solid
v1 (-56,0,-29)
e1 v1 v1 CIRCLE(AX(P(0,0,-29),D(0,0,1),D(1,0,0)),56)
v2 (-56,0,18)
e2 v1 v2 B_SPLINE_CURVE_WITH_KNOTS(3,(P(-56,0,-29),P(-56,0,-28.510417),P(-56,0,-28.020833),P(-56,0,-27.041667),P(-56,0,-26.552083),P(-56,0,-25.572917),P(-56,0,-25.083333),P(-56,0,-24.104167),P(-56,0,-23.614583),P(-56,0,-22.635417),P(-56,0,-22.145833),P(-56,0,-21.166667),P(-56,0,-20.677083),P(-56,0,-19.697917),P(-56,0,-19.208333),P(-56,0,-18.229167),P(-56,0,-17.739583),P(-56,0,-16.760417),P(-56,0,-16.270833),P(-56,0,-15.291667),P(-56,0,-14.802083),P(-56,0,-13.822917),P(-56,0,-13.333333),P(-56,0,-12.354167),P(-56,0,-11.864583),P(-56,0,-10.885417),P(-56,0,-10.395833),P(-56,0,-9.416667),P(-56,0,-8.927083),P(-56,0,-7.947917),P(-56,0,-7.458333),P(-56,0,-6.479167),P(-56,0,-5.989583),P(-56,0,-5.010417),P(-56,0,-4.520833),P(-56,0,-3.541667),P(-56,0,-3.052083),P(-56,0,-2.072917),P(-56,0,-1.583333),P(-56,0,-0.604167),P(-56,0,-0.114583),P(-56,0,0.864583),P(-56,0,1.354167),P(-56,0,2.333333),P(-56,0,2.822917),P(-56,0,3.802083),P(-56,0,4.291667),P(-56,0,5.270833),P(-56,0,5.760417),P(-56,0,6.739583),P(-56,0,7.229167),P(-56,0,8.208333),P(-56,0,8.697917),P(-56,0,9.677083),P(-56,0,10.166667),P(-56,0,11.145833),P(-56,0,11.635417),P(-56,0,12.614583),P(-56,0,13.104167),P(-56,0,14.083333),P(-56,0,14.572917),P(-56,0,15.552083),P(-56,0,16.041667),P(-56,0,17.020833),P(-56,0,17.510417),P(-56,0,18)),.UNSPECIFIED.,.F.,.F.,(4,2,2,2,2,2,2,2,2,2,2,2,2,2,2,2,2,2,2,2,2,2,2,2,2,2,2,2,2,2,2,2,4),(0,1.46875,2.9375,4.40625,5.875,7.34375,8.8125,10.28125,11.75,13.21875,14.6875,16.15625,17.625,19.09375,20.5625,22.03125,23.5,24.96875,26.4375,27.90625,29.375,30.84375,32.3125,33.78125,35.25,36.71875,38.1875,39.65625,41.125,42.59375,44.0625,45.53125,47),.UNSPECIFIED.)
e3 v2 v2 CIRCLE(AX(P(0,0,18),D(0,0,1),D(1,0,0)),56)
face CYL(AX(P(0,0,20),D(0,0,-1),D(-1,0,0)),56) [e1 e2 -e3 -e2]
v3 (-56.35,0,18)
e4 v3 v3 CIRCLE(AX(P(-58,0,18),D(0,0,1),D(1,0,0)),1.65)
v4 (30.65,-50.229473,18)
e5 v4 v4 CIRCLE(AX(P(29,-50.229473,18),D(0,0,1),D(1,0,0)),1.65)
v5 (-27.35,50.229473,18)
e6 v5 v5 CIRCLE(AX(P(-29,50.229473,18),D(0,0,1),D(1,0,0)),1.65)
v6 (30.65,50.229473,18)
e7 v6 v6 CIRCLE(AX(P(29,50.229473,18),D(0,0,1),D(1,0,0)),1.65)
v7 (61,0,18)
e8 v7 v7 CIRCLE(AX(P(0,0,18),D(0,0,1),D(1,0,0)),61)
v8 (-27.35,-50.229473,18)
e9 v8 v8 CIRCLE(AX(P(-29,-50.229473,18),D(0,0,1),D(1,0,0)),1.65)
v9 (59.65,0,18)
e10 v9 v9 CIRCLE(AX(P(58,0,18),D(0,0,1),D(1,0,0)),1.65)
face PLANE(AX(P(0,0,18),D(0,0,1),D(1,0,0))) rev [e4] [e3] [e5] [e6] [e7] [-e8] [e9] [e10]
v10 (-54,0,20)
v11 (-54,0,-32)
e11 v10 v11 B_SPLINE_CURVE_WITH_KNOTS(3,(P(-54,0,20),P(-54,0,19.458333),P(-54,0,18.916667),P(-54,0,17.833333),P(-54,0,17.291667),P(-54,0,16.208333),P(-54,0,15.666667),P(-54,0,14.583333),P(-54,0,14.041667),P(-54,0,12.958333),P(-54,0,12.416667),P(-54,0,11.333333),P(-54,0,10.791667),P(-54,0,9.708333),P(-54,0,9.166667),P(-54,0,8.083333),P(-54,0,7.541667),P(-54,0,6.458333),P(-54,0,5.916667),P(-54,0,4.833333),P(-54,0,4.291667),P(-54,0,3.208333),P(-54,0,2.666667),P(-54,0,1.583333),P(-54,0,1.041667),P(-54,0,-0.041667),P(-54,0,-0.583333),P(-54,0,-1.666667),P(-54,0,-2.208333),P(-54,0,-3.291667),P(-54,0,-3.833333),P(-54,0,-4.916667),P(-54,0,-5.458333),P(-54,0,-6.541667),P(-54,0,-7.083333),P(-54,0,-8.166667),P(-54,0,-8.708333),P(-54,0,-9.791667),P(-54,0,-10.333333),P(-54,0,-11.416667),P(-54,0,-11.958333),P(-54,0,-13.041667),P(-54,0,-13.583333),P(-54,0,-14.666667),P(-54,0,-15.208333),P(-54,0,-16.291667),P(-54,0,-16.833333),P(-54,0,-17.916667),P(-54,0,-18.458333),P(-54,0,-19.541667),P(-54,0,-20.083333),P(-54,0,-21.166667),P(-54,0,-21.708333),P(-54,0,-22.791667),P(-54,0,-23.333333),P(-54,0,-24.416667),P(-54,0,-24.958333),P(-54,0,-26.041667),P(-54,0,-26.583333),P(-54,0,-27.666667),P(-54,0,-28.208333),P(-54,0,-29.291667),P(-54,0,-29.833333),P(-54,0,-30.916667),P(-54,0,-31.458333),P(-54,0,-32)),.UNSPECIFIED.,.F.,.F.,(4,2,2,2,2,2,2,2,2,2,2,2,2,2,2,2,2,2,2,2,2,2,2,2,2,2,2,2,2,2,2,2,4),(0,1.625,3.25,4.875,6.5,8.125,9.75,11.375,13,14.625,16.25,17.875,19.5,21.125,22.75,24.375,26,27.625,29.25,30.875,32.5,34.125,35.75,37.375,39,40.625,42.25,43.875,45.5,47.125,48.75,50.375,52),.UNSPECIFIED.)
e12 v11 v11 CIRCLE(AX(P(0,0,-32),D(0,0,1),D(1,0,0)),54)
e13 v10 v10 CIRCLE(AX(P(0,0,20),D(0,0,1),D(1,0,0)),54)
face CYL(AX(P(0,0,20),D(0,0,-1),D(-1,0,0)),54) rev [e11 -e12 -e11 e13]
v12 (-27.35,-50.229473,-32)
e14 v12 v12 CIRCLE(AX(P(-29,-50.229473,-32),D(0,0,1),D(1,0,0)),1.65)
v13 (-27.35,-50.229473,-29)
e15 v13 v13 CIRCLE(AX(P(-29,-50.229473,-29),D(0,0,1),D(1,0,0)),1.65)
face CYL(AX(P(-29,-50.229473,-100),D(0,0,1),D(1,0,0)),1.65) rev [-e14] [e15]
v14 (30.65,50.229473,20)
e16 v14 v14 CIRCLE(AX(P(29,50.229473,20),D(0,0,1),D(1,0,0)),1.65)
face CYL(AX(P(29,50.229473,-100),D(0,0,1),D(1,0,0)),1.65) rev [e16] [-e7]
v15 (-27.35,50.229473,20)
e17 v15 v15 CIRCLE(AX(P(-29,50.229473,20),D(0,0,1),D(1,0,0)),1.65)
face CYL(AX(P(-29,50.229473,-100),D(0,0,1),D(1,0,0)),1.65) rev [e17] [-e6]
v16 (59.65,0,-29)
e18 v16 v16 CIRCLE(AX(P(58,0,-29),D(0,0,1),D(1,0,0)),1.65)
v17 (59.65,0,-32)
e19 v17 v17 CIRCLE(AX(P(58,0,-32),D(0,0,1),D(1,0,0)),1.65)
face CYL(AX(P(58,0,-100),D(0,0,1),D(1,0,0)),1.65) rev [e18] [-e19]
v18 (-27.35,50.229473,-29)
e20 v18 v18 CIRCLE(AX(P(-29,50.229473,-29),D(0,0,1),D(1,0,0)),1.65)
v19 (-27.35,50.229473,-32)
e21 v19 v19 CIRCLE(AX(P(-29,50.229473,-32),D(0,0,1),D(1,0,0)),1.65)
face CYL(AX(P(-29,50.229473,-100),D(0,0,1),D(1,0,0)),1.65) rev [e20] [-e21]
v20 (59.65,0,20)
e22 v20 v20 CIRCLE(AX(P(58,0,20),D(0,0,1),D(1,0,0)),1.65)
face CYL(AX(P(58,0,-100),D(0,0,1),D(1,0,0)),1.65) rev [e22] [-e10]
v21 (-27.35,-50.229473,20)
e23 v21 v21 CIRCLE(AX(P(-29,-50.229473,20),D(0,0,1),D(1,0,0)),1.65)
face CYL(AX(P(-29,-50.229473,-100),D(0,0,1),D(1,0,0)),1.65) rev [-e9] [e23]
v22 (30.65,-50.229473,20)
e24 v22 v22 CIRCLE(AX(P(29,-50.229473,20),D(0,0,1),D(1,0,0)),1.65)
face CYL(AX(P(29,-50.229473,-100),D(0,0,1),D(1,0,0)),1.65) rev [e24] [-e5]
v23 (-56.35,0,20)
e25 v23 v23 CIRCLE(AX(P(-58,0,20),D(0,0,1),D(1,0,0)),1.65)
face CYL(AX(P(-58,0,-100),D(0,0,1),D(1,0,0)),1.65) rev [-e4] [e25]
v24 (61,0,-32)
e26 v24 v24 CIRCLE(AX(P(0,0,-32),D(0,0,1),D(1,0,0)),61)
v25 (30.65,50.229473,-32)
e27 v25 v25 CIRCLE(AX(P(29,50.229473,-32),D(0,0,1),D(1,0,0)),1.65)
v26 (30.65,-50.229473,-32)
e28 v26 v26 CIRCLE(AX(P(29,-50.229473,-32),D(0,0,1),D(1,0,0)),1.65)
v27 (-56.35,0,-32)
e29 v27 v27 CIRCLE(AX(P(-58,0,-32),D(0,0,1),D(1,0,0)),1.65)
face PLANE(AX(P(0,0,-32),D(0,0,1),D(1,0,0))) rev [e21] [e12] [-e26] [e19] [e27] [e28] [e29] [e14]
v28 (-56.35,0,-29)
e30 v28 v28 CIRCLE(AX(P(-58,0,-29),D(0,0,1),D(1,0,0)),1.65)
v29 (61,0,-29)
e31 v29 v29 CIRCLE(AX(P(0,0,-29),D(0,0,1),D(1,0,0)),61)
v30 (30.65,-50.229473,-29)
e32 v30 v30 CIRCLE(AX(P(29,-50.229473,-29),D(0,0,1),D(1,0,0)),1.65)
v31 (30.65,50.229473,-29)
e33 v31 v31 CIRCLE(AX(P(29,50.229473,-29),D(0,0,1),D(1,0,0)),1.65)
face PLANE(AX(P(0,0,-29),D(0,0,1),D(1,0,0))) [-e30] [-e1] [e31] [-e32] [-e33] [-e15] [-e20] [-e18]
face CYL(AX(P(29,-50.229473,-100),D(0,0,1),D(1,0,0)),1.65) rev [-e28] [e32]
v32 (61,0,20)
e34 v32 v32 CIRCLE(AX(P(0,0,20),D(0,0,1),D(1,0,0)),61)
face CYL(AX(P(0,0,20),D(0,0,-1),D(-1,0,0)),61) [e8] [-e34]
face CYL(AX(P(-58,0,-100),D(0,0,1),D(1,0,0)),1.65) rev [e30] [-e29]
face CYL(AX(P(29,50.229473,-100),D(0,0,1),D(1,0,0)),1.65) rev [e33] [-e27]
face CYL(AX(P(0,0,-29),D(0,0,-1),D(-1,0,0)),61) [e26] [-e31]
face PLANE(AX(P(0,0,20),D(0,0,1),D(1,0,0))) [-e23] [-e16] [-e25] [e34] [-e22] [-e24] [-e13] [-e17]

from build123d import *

# Parameters (mm, degrees)
JACKET_START        = -32
SKETCH_1_R          = 56
SKETCH_1_R_2        = 54
JACKET_DEPTH        = 52
REAR_FLANGE_START   = -32
SKETCH_2_R          = 61
SKETCH_2_R_2        = 54
REAR_FLANGE_DEPTH   = 3
FRONT_FLANGE_START  = 18
SKETCH_3_R          = 61
SKETCH_3_R_2        = 54
FRONT_FLANGE_DEPTH  = 2
SKETCH_4_R          = 1.65
THROUGH_HOLES_DEPTH = 100


with BuildPart() as part:
    # Эскиз1 → Jacket (new body)
    with BuildSketch(Plane.XY.offset(JACKET_START)):
        with Locations(Location((0, 0, 0), (0, 0, 180))):
            Circle(SKETCH_1_R)
        with Locations(Location((0, 0, 0), (0, 0, 180))):
            Circle(SKETCH_1_R_2, mode=Mode.SUBTRACT)
    extrude(amount=JACKET_DEPTH)

    # Эскиз2 → Rear_flange (add)
    with BuildSketch(Plane.XY.offset(REAR_FLANGE_START)):
        Circle(SKETCH_2_R)
        with Locations(Location((0, 0, 0), (0, 0, 180))):
            Circle(SKETCH_2_R_2, mode=Mode.SUBTRACT)
    extrude(amount=REAR_FLANGE_DEPTH)

    # Эскиз3 → Front_flange (add)
    with BuildSketch(Plane.XY.offset(FRONT_FLANGE_START)):
        Circle(SKETCH_3_R)
        with Locations(Location((0, 0, 0), (0, 0, 180))):
            Circle(SKETCH_3_R_2, mode=Mode.SUBTRACT)
    extrude(amount=FRONT_FLANGE_DEPTH)

    # Эскиз4 → Through_holes (cut, symmetric)
    with BuildSketch(Plane.XY):
        with Locations((58, 0)):
            Circle(SKETCH_4_R)
        with Locations((29, 50.229473419)):
            Circle(SKETCH_4_R)
        with Locations((-29, 50.229473419)):
            Circle(SKETCH_4_R)
        with Locations((-58, 0)):
            Circle(SKETCH_4_R)
        with Locations((-29, -50.229473419)):
            Circle(SKETCH_4_R)
        with Locations((29, -50.229473419)):
            Circle(SKETCH_4_R)
    extrude(amount=THROUGH_HOLES_DEPTH, both=True, mode=Mode.SUBTRACT)


solid = part.part
